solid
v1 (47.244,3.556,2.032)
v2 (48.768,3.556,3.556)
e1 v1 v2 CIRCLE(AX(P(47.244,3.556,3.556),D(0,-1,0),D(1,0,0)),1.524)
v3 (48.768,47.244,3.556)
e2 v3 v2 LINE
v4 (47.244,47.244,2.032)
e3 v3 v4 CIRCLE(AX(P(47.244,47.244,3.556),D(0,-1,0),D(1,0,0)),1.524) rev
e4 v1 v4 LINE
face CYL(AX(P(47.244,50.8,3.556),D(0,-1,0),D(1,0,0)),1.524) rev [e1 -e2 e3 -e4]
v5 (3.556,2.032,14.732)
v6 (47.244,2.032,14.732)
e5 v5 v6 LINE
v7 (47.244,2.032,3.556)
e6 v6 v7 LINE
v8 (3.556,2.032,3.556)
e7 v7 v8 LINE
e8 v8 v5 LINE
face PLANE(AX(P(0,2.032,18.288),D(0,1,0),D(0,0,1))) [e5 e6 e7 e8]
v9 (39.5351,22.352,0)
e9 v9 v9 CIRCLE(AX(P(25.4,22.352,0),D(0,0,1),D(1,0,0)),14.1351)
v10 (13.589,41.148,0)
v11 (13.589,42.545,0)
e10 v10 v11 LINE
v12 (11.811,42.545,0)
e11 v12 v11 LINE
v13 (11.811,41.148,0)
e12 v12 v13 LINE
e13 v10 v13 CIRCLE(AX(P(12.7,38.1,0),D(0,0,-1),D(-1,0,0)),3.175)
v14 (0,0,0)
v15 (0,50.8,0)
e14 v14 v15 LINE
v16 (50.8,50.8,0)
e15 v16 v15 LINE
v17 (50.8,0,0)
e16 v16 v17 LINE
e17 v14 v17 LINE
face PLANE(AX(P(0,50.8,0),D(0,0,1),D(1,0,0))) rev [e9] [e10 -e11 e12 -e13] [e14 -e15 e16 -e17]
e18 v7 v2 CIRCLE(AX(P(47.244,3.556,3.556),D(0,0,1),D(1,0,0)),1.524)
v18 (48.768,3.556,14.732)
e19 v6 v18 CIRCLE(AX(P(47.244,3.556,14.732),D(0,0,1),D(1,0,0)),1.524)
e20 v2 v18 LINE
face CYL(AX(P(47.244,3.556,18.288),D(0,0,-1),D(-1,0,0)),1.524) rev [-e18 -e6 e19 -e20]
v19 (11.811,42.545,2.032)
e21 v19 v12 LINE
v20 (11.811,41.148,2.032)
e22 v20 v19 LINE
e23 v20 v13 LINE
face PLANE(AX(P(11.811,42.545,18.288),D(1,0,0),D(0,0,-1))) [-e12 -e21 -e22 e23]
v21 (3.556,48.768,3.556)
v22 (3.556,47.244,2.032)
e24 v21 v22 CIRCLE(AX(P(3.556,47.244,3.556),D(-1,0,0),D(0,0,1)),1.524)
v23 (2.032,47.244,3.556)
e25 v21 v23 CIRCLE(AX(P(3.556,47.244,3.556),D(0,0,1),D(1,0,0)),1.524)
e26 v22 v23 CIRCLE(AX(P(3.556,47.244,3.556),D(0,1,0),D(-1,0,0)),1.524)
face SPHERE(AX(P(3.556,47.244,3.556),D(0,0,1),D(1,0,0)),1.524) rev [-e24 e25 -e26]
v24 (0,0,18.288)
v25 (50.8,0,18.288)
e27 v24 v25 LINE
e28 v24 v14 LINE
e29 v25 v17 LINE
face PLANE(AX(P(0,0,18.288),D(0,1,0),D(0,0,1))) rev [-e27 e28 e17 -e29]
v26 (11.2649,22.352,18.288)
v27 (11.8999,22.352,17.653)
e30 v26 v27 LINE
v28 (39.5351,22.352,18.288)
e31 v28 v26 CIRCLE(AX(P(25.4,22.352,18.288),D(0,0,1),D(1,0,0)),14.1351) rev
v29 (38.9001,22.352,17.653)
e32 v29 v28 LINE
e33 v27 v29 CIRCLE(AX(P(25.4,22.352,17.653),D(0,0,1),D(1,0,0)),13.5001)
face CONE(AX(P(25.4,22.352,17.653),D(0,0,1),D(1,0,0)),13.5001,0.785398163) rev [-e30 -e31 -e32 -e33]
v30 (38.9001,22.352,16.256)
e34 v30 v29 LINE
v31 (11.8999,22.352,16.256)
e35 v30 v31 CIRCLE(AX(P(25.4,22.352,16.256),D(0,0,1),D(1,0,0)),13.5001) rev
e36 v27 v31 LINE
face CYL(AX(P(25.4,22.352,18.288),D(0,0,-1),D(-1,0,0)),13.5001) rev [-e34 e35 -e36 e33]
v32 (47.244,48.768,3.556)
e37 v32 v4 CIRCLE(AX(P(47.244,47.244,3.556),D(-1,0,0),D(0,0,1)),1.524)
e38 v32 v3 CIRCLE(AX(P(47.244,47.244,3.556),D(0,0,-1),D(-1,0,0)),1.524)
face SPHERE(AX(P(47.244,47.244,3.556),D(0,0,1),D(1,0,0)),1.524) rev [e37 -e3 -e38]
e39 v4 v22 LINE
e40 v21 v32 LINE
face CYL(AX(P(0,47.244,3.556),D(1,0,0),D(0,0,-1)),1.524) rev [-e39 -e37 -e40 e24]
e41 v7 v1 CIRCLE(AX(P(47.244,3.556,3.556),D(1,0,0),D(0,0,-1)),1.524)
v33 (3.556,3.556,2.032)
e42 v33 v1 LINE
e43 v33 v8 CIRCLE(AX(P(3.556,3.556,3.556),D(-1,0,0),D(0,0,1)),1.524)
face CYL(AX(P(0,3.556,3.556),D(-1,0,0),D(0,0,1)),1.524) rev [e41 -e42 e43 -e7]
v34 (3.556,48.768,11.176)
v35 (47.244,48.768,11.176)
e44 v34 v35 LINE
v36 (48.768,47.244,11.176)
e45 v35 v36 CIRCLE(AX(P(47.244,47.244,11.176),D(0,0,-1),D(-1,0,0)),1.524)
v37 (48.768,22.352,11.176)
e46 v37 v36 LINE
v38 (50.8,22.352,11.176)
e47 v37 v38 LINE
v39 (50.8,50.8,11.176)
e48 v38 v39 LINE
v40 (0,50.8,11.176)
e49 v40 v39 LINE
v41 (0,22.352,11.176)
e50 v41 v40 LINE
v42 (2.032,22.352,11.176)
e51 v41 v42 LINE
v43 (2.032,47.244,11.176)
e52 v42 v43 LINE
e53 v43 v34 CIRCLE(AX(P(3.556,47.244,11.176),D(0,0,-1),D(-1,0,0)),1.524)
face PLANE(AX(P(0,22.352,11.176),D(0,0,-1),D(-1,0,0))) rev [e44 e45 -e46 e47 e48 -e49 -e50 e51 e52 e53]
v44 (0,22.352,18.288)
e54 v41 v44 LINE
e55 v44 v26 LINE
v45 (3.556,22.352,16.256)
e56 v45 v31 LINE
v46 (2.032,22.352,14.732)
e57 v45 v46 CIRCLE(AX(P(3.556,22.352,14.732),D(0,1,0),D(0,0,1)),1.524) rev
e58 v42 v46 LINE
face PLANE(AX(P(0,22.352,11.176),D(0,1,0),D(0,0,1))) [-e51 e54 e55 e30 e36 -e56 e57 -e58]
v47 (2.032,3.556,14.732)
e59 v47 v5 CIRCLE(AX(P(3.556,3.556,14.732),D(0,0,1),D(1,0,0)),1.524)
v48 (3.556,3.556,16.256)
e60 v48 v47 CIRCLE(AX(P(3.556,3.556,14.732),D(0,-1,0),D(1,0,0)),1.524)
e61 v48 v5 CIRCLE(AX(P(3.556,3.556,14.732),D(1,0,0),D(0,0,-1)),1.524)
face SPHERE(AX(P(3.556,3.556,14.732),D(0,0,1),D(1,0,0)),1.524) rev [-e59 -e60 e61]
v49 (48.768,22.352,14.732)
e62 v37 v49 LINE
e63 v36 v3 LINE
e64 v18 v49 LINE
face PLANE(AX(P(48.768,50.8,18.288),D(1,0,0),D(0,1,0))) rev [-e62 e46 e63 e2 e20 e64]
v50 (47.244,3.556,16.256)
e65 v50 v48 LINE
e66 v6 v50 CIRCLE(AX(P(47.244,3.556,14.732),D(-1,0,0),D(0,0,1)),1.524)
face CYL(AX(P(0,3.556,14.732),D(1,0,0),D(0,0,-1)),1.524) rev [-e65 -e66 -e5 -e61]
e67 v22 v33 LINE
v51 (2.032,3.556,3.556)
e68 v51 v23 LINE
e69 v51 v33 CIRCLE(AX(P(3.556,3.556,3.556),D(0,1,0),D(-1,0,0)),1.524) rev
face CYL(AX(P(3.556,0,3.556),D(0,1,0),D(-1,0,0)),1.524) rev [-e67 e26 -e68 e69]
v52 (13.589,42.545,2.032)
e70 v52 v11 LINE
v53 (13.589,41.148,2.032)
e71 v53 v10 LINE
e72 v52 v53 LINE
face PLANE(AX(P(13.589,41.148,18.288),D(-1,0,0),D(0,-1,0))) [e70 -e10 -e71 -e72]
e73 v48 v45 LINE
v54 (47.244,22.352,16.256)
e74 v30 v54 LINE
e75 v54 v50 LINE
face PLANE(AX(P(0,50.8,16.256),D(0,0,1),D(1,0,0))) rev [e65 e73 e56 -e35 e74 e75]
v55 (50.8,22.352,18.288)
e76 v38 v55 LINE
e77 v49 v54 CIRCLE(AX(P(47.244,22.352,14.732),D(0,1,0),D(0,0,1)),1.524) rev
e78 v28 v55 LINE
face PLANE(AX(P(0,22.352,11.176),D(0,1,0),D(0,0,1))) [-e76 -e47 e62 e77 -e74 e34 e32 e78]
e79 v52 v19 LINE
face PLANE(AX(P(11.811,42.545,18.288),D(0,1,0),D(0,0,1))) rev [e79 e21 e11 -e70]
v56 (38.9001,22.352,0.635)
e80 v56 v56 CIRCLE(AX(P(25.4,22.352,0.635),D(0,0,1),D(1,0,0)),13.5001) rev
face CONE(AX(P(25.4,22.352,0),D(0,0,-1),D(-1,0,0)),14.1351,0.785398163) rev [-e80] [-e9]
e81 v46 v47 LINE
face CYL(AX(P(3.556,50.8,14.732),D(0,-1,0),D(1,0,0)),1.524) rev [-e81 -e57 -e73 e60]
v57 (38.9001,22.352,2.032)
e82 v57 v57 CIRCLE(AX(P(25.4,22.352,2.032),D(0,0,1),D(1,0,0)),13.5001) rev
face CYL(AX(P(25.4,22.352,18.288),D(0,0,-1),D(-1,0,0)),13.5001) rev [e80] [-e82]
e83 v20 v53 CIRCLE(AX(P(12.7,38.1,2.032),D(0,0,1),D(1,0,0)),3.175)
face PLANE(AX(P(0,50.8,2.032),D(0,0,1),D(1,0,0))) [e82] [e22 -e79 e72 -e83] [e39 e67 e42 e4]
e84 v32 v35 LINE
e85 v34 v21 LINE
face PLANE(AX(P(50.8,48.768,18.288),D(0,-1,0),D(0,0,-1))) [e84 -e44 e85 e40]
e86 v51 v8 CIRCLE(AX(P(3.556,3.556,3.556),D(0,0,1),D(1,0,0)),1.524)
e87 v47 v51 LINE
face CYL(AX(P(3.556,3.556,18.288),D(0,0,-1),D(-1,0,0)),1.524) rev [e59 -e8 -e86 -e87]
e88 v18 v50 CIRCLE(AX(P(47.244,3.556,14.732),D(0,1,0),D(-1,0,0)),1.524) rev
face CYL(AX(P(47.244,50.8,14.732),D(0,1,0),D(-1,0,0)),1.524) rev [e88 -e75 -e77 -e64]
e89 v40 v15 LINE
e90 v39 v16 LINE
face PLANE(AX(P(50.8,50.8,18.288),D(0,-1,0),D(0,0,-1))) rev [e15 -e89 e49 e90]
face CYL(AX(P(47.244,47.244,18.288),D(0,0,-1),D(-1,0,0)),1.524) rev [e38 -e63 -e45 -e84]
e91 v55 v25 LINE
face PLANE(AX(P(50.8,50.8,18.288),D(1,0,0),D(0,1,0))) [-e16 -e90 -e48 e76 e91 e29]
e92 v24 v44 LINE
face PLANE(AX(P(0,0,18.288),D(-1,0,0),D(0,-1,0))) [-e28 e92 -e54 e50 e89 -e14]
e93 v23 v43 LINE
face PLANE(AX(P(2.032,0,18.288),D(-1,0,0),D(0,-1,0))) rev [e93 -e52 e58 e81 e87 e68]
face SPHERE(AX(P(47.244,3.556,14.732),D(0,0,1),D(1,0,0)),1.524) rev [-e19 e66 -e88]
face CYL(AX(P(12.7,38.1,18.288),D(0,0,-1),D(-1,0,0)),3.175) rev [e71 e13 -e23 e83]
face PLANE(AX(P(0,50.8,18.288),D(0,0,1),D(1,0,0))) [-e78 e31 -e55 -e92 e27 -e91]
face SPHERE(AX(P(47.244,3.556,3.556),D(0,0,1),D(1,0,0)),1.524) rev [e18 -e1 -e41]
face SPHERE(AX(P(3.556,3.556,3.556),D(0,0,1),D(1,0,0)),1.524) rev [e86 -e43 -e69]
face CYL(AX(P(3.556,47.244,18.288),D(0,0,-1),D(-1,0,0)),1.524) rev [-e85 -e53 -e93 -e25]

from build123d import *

# Parameters (mm, degrees)
SKETCH1_W          = 50.8
SKETCH1_H          = 50.8
MAIN_BODY_DEPTH    = 18.288
SKETCH2_W          = 7.112
SKETCH2_H          = 28.448
FRONT_CUT_DEPTH    = 75.133197314
SHELL1_T           = -2.032
SKETCH3_R          = 13.5001
CENTER_HOLE_DEPTH  = 75.133197314
FILL060_VERT_R     = 1.524
FILL060_TB_R       = 1.524
CHAM025_SIZE       = 0.635
KEYED_HOLE_1_DEPTH = 58.653742931


with BuildPart() as part:
    # Sketch1 → main body (new body)
    with BuildSketch(Plane.XY):
        with Locations((25.4, 25.4)):
            Rectangle(SKETCH1_W, SKETCH1_H)
    extrude(amount=MAIN_BODY_DEPTH)

    # Sketch2 → front cut (cut, through all)
    with BuildSketch(Plane(origin=(50.8, 0, 0), x_dir=(0, 0, -1), z_dir=(1, 0, 0))):
        with Locations((-14.732, 36.576)):
            Rectangle(SKETCH2_W, SKETCH2_H)
    extrude(amount=-FRONT_CUT_DEPTH, mode=Mode.SUBTRACT)

    # Shell1
    shell1_openings = [part.faces().sort_by_distance(p)[0] for p in [
        (25.4, 36.576, 11.176),
        (25.4, 22.352, 14.732),
    ]]
    offset(amount=SHELL1_T, openings=shell1_openings, kind=Kind.INTERSECTION)

    # Sketch3 → center hole (cut, through all)
    with BuildSketch(Plane.XY):
        with Locations((25.4, 22.352)):
            Circle(SKETCH3_R)
    extrude(amount=CENTER_HOLE_DEPTH, mode=Mode.SUBTRACT)

    # fill060.vert
    fill060_vert_edges = [part.edges().sort_by_distance(p)[0] for p in [
        (2.032, 12.192, 16.256),
        (48.768, 12.192, 16.256),
        (2.032, 25.4, 2.032),
        (48.768, 25.4, 2.032),
    ]]
    fillet(fill060_vert_edges, radius=FILL060_VERT_R)

    # fill060.tb
    fill060_tb_edges = [part.edges().sort_by_distance(p)[0] for p in [
        (2.032, 48.768, 7.366),
        (48.768, 48.768, 7.366),
        (25.4, 2.032, 16.256),
        (25.4, 2.032, 2.032),
        (2.032, 2.032, 9.144),
        (48.768, 2.032, 9.144),
        (2.478369265, 2.032, 15.809630735),
        (2.478369265, 2.032, 2.478369265),
        (48.321630735, 2.032, 2.478369265),
        (48.321630735, 2.032, 15.809630735),
        (25.4, 48.768, 2.032),
        (2.478369265, 48.768, 2.478369265),
        (48.321630735, 48.768, 2.478369265),
    ]]
    fillet(fill060_tb_edges, radius=FILL060_TB_R)

    # cham025
    cham025_edges = [part.edges().sort_by_distance(p)[0] for p in [
        (11.8999, 22.352, 0),
        (25.4, 8.8519, 18.288),
    ]]
    chamfer(cham025_edges, length=CHAM025_SIZE)

    # Sketch6 → Keyed Hole 1 (cut, through all)
    with BuildSketch(Plane(origin=(13.426773448, 39.909210303, 0), x_dir=(0, 1, 0), z_dir=(0, 0, -1))):
        with BuildLine():
            Line((1.238789697, 0.162226552), (2.635789697, 0.162226552))
            Line((2.635789697, 0.162226552), (2.635789697, -1.615773448))
            Line((2.635789697, -1.615773448), (1.238789697, -1.615773448))
            ThreePointArc((1.238789697, -1.615773448), (-4.984210303, -0.726773448), (1.238789697, 0.162226552))
        make_face()
    extrude(amount=-KEYED_HOLE_1_DEPTH, mode=Mode.SUBTRACT)


solid = part.part
